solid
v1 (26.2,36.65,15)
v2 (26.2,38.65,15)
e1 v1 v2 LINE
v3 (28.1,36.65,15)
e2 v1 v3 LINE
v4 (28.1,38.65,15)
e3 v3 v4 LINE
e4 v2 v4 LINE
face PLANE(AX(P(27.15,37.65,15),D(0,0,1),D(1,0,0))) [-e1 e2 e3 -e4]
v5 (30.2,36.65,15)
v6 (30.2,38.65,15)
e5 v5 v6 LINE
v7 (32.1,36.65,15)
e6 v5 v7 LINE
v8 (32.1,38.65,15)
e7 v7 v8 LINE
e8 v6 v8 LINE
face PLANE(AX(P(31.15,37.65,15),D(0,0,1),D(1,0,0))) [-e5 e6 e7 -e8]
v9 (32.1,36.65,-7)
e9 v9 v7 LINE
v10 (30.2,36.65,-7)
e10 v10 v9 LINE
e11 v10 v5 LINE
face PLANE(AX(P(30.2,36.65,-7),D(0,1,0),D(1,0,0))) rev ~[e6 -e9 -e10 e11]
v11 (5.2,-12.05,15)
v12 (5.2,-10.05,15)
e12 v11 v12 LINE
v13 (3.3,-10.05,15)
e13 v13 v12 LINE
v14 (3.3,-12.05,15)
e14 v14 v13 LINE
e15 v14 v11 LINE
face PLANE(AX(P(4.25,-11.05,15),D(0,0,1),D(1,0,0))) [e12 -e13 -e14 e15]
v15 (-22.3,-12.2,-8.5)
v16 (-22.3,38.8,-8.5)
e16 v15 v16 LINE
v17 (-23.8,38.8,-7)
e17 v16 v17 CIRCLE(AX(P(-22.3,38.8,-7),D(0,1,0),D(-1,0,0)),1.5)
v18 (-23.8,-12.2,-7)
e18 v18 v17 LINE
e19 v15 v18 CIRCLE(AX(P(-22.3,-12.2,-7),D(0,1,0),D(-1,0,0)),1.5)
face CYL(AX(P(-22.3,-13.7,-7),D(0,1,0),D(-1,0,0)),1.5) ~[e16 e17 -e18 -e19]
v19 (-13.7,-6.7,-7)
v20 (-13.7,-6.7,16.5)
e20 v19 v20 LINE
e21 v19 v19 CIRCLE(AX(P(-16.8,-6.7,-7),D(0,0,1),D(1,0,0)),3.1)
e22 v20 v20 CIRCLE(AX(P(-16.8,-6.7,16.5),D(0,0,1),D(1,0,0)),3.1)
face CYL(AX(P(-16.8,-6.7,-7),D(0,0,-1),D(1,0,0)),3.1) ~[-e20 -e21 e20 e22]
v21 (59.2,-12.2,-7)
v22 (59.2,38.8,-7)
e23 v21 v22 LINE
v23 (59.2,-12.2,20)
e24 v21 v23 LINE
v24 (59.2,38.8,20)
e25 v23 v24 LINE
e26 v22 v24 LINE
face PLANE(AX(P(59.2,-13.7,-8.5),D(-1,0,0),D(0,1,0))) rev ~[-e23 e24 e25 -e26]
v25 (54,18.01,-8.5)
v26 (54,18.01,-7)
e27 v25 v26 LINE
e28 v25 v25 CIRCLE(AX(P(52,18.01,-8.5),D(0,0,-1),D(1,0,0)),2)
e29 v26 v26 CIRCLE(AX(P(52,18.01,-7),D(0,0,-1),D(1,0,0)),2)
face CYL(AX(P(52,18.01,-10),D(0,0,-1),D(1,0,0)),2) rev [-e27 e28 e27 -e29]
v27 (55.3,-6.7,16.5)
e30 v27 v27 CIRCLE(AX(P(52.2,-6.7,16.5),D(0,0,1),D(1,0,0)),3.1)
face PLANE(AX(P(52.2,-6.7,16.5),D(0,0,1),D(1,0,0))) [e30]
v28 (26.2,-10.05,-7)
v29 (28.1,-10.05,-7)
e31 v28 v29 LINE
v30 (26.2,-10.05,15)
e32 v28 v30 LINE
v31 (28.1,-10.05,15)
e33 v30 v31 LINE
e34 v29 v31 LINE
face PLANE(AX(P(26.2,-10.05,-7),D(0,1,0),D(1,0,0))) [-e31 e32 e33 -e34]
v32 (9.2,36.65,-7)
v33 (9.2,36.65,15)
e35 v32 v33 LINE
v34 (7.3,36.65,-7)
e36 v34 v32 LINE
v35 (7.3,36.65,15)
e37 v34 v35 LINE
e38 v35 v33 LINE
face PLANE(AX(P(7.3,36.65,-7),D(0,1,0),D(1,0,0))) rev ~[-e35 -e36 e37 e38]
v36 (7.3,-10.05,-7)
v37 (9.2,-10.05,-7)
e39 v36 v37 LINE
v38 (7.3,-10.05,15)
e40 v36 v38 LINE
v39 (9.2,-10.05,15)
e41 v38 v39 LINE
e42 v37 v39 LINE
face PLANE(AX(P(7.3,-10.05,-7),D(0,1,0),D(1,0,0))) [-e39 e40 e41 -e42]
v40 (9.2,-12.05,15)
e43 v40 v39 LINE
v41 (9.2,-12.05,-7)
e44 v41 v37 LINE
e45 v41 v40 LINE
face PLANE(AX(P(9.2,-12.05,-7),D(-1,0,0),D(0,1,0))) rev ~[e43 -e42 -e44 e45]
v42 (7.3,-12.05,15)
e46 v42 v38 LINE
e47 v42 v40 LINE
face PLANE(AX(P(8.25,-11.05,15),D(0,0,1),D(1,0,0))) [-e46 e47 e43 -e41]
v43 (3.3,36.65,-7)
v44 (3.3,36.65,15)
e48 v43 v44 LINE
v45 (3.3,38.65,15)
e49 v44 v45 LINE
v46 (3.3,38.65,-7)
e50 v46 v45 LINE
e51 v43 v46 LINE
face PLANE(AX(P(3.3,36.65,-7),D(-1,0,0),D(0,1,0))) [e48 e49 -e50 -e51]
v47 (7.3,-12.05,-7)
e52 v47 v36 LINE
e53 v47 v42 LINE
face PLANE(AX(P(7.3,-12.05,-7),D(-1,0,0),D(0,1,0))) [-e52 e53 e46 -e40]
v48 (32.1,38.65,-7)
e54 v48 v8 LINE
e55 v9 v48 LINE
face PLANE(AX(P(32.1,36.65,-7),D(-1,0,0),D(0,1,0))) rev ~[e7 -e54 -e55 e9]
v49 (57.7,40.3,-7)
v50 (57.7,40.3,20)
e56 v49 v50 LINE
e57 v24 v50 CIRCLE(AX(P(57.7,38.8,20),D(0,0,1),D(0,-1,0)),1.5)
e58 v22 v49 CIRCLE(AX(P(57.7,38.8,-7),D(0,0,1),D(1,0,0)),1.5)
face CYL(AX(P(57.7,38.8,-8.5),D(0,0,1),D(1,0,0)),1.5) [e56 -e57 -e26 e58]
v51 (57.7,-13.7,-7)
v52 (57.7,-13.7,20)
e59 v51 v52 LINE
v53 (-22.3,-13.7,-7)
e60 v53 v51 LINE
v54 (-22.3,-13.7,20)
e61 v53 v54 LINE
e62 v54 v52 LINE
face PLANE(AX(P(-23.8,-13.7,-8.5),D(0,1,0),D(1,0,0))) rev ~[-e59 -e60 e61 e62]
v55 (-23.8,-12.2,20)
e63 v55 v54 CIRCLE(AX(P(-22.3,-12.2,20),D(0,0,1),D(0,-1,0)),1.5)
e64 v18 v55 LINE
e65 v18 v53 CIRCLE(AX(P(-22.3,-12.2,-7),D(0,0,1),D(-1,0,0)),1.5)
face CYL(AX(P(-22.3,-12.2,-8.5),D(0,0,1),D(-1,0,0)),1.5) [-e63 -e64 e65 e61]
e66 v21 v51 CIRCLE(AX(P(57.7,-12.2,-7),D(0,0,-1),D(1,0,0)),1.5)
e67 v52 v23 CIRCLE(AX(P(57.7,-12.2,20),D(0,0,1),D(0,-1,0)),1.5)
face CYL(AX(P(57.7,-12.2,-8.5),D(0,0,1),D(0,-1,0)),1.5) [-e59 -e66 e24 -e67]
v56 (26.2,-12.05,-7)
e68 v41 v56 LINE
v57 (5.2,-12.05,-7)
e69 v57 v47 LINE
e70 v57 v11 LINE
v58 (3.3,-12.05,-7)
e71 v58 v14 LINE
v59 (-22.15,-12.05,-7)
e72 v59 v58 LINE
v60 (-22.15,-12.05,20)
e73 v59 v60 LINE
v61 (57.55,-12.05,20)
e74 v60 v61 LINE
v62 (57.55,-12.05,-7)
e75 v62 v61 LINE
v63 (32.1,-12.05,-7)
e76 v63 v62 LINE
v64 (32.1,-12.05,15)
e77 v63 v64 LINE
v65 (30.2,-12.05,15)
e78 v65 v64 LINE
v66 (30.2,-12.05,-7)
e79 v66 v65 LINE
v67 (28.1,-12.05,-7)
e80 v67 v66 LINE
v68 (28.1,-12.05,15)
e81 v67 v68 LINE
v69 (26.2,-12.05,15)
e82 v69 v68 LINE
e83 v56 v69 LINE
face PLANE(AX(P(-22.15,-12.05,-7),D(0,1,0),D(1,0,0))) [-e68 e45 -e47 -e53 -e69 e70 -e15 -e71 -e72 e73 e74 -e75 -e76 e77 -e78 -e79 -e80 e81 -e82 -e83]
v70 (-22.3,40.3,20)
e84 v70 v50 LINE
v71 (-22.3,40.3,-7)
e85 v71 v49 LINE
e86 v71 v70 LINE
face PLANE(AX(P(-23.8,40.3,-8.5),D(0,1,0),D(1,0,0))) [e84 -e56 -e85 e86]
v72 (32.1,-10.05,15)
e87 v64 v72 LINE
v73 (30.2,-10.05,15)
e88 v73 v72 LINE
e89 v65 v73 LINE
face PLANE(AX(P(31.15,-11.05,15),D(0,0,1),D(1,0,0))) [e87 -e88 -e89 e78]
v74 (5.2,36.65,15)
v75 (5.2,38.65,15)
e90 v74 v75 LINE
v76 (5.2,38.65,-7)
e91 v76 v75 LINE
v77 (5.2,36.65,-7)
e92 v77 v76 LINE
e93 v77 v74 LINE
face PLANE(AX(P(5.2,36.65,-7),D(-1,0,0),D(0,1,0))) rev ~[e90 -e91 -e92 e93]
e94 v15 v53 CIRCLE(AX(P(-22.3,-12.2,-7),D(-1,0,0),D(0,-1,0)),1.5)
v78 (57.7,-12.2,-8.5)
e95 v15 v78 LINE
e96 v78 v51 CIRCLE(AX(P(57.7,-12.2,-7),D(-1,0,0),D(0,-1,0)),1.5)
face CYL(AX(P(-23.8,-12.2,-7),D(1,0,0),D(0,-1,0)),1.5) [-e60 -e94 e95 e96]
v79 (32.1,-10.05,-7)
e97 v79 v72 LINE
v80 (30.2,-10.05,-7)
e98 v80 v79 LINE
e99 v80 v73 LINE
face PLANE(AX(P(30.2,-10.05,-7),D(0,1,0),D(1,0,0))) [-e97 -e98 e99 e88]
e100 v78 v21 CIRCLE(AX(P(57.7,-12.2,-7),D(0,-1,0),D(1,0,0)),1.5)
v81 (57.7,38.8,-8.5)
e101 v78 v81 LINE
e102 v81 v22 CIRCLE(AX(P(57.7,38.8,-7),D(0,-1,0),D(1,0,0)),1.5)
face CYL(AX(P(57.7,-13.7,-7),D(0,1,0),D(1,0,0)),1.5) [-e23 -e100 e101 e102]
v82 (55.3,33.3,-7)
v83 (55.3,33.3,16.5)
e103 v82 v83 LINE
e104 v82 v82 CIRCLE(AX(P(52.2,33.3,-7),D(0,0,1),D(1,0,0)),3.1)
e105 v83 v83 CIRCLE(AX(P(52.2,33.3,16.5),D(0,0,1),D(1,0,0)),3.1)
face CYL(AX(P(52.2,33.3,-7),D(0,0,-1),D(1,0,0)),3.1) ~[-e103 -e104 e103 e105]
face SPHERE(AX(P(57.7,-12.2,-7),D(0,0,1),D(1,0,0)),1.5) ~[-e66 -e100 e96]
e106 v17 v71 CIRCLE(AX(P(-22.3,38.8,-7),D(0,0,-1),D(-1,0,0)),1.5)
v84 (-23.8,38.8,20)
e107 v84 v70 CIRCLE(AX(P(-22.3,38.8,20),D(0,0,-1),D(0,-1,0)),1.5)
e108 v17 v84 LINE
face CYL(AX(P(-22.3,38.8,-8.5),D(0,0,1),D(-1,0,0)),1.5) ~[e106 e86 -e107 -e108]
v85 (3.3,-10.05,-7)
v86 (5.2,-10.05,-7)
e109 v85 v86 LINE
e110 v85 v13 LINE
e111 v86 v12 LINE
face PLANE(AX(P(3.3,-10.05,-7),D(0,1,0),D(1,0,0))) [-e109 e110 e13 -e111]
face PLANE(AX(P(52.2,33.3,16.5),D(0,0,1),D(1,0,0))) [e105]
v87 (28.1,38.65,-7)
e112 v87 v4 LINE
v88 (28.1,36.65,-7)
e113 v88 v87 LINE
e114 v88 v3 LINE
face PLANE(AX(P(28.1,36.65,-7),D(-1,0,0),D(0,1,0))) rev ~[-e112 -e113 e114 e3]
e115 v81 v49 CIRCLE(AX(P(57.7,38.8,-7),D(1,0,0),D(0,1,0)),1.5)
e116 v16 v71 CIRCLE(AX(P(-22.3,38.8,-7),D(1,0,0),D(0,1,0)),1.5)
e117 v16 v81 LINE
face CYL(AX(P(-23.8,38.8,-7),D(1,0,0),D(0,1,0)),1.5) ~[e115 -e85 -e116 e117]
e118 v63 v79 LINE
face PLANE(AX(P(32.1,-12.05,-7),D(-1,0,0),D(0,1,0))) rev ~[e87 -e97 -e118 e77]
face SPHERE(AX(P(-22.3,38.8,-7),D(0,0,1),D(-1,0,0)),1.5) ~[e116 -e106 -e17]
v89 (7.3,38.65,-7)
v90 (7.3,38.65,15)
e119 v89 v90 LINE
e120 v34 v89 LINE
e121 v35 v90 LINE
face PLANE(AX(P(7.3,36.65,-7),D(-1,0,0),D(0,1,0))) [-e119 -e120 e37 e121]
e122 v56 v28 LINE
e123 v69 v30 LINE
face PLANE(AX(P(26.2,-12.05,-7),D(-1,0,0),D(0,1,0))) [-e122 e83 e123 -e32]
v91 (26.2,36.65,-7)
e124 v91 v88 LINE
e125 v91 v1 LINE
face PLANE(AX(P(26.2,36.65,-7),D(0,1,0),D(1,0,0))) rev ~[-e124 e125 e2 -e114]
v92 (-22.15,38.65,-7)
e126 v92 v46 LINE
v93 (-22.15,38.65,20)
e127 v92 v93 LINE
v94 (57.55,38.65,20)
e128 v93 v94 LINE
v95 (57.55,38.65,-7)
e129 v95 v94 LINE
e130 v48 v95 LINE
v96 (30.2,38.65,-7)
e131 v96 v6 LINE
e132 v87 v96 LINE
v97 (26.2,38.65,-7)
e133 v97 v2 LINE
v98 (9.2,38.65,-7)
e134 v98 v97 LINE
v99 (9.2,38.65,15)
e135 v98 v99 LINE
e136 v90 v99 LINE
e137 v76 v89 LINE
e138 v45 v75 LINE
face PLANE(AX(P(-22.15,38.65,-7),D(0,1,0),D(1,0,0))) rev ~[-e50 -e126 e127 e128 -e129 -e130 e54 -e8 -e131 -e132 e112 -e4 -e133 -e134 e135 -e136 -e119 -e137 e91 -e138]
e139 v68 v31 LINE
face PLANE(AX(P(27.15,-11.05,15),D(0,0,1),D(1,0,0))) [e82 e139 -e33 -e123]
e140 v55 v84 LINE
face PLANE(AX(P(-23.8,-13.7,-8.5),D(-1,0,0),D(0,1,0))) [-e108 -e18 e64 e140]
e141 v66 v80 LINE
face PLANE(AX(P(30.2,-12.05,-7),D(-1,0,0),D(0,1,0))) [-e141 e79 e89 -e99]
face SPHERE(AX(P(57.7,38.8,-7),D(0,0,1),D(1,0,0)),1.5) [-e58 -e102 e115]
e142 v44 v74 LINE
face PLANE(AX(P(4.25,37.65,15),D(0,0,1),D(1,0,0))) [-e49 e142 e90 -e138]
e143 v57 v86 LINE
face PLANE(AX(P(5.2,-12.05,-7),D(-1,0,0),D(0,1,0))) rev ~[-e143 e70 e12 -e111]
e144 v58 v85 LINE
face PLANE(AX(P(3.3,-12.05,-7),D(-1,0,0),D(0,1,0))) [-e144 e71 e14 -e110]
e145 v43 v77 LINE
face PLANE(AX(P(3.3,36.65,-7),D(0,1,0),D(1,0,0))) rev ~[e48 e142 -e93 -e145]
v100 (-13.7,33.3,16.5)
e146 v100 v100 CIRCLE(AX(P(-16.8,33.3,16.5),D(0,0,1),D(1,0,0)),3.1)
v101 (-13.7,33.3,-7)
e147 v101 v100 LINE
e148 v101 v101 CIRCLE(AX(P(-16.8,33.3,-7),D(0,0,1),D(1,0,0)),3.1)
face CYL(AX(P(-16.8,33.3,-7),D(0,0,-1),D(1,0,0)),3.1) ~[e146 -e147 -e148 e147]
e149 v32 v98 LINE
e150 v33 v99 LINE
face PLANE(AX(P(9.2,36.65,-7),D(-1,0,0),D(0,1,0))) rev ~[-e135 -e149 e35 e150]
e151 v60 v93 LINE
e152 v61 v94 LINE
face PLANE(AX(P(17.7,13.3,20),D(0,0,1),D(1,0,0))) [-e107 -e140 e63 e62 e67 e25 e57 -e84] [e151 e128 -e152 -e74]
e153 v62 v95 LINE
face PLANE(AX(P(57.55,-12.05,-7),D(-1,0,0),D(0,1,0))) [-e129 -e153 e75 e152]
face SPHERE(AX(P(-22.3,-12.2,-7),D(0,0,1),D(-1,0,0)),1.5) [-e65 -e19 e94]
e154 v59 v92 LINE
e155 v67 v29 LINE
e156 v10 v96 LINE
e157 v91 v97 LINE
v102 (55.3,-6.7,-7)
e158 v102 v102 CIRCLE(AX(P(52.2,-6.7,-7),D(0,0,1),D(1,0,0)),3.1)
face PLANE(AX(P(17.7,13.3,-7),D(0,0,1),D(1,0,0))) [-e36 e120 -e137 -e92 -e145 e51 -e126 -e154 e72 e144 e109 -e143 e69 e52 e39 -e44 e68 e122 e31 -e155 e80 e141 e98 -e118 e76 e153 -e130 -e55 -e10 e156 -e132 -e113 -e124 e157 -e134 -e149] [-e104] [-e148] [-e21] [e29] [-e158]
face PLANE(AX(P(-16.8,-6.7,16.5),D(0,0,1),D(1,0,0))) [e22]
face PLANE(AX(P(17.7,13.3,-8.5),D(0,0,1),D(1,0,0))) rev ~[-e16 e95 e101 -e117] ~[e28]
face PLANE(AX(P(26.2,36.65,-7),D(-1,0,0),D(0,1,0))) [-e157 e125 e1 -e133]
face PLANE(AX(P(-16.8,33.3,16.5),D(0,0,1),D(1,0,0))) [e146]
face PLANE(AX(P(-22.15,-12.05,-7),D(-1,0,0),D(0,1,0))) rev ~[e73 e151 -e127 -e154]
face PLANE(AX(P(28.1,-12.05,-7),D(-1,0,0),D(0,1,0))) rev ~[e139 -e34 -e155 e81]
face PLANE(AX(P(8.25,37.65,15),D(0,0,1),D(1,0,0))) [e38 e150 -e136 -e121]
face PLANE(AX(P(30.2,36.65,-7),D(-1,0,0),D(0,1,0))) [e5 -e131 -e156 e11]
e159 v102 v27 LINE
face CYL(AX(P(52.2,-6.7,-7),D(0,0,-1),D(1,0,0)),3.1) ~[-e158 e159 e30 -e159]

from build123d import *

# Parameters (mm, degrees)
CYLINDER040_R     = 2
CYLINDER040_DEPTH = 10
CYLINDER038_R     = 3.1
CYLINDER038_DEPTH = 23.5
BOX010_W          = 1.9
BOX010_H          = 2
BOX010_DEPTH      = 22
BOX009_W          = 79.7
BOX009_H          = 50.7
BOX009_DEPTH      = 27
BOX008_W          = 83
BOX008_H          = 54
BOX008_DEPTH      = 28.5
FILLET_R          = 1.5


with BuildPart() as led_hole:
    # Cylinder040 → Cylinder040 (new body)
    with BuildSketch(Plane(origin=(52, 18.01, -10), x_dir=(1, 0, 0), z_dir=(0, 0, 1))):
        Circle(CYLINDER040_R)
    extrude(amount=CYLINDER040_DEPTH)


with BuildPart() as lid_col:
    # Cylinder038 → Cylinder038 (new body)
    with BuildSketch(Plane(origin=(7, 7, 1.5), x_dir=(1, 0, 0), z_dir=(0, 0, 1))):
        Circle(CYLINDER038_R)
    extrude(amount=CYLINDER038_DEPTH)


with BuildPart() as lid_col001:
    # Clone010 base: copy of lid-col
    add(lid_col.part)


with BuildPart() as lid_col001_1:
    # Clone010 placement: moved
    add(lid_col001.part.moved(Location((0, 40, 0))))


with BuildPart() as lid_col002:
    # Clone011 base: copy of lid-col
    add(lid_col.part)


with BuildPart() as lid_col002_1:
    # Clone011 placement: moved
    add(lid_col002.part.moved(Location((69, 0, 0))))


with BuildPart() as lid_col003:
    # Clone012 base: copy of lid-col
    add(lid_col.part)


with BuildPart() as lid_col003_1:
    # Clone012 placement: moved
    add(lid_col003.part.moved(Location((69, 40, 0))))


with BuildPart() as lid_pin:
    # Box010 → Box010 (new body)
    with BuildSketch(Plane(origin=(50, 50.35, 1.5), x_dir=(1, 0, 0), z_dir=(0, 0, 1))):
        with Locations((0.95, 1)):
            Rectangle(BOX010_W, BOX010_H)
    extrude(amount=BOX010_DEPTH)


with BuildPart() as lid_pin001:
    # Clone003 base: copy of lid-pin
    add(lid_pin.part)


with BuildPart() as lid_pin001_1:
    # Clone003 placement: moved
    add(lid_pin001.part.moved(Location((4, 0, 0))))


with BuildPart() as lid_pin002:
    # Clone004 base: copy of lid-pin
    add(lid_pin.part)


with BuildPart() as lid_pin002_1:
    # Clone004 placement: moved
    add(lid_pin002.part.moved(Location((-18.9, 0, 0))))


with BuildPart() as lid_pin003:
    # Clone005 base: copy of lid-pin
    add(lid_pin.part)


with BuildPart() as lid_pin003_1:
    # Clone005 placement: moved
    add(lid_pin003.part.moved(Location((-22.9, 0, 0))))


with BuildPart() as lid_pin004:
    # Clone006 base: copy of lid-pin
    add(lid_pin.part)


with BuildPart() as lid_pin004_1:
    # Clone006 placement: moved
    add(lid_pin004.part.moved(Location((0, -48.7, 0))))


with BuildPart() as lid_pin005:
    # Clone007 base: copy of lid-pin
    add(lid_pin.part)


with BuildPart() as lid_pin005_1:
    # Clone007 placement: moved
    add(lid_pin005.part.moved(Location((4, -48.7, 0))))


with BuildPart() as lid_pin006:
    # Clone008 base: copy of lid-pin
    add(lid_pin.part)


with BuildPart() as lid_pin006_1:
    # Clone008 placement: moved
    add(lid_pin006.part.moved(Location((-18.9, -48.7, 0))))


with BuildPart() as lid_pin007:
    # Clone009 base: copy of lid-pin
    add(lid_pin.part)


with BuildPart() as lid_pin007_1:
    # Clone009 placement: moved
    add(lid_pin007.part.moved(Location((-22.9, -48.7, 0))))


with BuildPart() as cube009:
    # Box009 → Box009 (new body)
    with BuildSketch(Plane(origin=(1.65, 1.65, 1.5), x_dir=(1, 0, 0), z_dir=(0, 0, 1))):
        with Locations((39.85, 25.35)):
            Rectangle(BOX009_W, BOX009_H)
    extrude(amount=BOX009_DEPTH)


with BuildPart() as g1020bf_top_lid:
    # Box008 → Box008 (new body)
    with BuildSketch(Plane.XY):
        with Locations((41.5, 27)):
            Rectangle(BOX008_W, BOX008_H)
    extrude(amount=BOX008_DEPTH)

    # Fillet
    fillet_edges = [g1020bf_top_lid.edges().sort_by_distance(p)[0] for p in [
        (0, 0, 14.25),
        (0, 54, 14.25),
        (0, 27, 0),
        (83, 0, 14.25),
        (83, 54, 14.25),
        (83, 27, 0),
        (41.5, 0, 0),
        (41.5, 54, 0),
    ]]
    fillet(fillet_edges, radius=FILLET_R)

    # Cut005: cut Cube009
    add(cube009.part, mode=Mode.SUBTRACT)

    # Fusion002: union lid-pin
    add(lid_pin.part)

    # Fusion003: union lid-pin007
    add(lid_pin007_1.part)

    # Fusion004: union lid-pin006
    add(lid_pin006_1.part)

    # Fusion005: union lid-pin005
    add(lid_pin005_1.part)

    # Fusion006: union lid-pin004
    add(lid_pin004_1.part)

    # Fusion007: union lid-pin003
    add(lid_pin003_1.part)

    # Fusion008: union lid-pin002
    add(lid_pin002_1.part)

    # Fusion009: union lid-pin001
    add(lid_pin001_1.part)

    # Fusion010: union lid-col
    add(lid_col.part)

    # Fusion011: union lid-col003
    add(lid_col003_1.part)

    # Fusion012: union lid-col002
    add(lid_col002_1.part)

    # Fusion013: union lid-col001
    add(lid_col001_1.part)


with BuildPart() as g1020bf_top_lid_1:
    # Fusion013 placement: moved
    add(g1020bf_top_lid.part.moved(Location((-23.8, -13.7, -8.5))))

    # Cut007: cut led-hole
    add(led_hole.part, mode=Mode.SUBTRACT)


solid = g1020bf_top_lid_1.part
